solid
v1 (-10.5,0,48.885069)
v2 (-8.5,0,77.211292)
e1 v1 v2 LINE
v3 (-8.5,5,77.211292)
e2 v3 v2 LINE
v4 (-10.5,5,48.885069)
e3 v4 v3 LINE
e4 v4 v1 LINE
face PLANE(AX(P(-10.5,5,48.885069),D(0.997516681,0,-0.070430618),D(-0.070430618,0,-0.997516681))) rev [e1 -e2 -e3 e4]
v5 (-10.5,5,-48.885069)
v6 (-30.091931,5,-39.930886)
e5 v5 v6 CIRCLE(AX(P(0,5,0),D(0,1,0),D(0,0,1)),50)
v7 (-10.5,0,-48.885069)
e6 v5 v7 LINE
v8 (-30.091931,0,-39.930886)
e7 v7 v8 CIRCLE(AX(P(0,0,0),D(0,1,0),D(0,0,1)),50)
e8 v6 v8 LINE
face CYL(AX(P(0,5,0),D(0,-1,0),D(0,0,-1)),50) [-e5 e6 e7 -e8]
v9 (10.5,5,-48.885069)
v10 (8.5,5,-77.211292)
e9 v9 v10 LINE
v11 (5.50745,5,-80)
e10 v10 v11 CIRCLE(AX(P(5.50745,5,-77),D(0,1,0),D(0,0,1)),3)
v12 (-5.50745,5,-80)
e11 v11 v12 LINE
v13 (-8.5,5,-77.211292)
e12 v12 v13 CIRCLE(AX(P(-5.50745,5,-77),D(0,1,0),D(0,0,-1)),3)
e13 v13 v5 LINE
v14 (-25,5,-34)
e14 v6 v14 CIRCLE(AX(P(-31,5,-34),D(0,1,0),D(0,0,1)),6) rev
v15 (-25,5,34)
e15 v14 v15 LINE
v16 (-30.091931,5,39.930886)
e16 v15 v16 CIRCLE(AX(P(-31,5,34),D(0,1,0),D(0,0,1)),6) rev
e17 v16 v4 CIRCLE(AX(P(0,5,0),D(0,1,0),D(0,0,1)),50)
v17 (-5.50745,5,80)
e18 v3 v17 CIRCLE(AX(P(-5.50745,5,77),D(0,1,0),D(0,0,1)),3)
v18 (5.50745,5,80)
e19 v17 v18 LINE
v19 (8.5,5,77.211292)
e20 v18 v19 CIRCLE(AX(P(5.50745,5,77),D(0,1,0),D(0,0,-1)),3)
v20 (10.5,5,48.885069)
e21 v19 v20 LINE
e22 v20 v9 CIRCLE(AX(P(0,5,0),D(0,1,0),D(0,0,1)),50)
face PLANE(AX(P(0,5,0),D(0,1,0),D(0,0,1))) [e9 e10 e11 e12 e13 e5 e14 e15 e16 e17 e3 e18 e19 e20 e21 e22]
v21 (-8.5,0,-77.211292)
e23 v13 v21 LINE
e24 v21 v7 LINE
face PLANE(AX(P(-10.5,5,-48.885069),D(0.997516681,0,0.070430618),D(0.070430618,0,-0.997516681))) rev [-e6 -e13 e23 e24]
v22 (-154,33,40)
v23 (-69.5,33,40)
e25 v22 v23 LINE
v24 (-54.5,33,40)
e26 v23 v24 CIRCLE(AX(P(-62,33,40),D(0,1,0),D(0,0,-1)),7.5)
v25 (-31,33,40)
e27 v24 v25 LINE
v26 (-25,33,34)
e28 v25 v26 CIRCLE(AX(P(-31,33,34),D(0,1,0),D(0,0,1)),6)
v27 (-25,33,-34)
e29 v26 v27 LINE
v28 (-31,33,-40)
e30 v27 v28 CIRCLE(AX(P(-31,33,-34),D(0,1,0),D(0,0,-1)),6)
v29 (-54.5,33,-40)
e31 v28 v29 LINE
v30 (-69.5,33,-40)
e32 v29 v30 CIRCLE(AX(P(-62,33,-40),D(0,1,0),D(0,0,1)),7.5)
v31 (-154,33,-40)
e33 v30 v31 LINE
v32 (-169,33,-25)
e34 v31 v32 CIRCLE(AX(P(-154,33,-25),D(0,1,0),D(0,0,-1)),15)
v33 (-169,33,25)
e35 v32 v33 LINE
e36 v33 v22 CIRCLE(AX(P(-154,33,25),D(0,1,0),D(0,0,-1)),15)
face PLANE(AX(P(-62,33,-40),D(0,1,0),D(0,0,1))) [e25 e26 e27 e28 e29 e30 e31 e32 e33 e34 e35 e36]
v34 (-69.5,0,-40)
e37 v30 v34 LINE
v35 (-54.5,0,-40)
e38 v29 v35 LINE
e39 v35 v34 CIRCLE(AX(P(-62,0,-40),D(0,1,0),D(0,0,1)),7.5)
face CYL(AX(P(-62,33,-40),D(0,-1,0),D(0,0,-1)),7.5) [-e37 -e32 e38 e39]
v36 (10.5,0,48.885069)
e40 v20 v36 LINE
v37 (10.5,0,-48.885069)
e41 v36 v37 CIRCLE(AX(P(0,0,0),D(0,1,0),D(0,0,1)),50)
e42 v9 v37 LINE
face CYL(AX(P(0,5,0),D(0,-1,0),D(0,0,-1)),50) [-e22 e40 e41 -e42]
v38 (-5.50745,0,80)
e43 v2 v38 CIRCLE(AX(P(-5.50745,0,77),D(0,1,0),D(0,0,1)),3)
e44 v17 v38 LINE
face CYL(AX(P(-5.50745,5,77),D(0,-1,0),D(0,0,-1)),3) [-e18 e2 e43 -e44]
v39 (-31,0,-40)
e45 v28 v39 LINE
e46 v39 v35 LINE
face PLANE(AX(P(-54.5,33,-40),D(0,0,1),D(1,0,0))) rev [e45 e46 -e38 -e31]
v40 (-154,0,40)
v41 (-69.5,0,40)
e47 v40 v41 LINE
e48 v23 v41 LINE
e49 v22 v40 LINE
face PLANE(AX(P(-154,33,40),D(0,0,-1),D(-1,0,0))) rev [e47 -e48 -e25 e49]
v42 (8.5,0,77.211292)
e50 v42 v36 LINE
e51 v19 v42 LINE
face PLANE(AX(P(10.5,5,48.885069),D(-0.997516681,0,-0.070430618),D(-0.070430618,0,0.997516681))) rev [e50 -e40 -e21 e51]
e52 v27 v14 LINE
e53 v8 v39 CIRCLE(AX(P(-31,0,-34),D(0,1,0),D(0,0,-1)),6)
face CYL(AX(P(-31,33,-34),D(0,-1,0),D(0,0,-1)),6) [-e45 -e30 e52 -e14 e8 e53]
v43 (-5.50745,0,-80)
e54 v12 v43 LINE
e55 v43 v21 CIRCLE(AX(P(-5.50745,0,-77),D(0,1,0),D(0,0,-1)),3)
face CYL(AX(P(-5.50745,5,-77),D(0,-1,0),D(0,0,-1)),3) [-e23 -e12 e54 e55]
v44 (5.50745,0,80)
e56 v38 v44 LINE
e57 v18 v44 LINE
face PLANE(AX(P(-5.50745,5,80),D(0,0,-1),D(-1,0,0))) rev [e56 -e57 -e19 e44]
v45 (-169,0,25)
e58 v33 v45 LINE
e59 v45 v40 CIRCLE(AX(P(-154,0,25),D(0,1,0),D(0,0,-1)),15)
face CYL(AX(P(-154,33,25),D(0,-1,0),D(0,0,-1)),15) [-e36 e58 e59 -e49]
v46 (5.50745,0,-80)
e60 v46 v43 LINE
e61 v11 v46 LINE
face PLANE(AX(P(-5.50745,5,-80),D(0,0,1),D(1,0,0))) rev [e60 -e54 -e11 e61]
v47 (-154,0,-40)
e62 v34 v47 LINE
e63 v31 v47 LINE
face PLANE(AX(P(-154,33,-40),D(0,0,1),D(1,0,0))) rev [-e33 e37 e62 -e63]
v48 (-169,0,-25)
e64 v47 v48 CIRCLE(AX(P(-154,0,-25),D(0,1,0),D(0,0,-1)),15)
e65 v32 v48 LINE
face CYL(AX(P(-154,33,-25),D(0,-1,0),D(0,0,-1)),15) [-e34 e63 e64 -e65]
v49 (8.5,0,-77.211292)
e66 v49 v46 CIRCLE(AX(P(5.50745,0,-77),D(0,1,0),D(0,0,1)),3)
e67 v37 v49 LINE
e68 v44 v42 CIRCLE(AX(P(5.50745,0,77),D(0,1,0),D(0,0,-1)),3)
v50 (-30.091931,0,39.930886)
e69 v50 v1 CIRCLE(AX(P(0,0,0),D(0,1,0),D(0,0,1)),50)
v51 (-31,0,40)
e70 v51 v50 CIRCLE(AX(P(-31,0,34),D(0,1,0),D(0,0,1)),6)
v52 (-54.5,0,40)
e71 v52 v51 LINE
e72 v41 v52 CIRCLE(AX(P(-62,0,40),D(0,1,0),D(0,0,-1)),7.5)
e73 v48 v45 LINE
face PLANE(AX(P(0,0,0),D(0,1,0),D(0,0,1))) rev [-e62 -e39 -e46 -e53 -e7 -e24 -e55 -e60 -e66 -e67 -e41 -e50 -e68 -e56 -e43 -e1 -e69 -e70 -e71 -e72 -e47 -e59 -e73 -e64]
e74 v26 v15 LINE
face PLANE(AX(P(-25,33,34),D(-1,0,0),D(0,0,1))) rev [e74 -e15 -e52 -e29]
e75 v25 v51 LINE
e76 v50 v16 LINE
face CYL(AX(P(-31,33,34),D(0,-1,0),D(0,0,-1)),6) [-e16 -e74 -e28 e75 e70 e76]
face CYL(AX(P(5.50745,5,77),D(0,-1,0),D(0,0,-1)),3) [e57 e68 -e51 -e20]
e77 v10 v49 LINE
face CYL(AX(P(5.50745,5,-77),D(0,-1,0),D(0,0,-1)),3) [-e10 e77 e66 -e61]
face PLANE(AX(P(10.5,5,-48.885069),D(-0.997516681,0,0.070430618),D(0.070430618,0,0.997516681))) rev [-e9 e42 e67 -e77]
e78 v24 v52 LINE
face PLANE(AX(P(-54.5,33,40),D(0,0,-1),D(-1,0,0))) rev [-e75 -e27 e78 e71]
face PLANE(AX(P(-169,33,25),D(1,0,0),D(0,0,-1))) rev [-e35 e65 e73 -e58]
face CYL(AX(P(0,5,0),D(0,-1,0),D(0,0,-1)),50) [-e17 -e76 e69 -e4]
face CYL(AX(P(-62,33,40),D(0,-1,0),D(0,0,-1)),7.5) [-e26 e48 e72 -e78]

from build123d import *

# Parameters (mm, degrees)
BOSS_EXTRUDE1_DEPTH = 5
BOSS_EXTRUDE2_DEPTH = 33


with BuildPart() as part:
    # Sketch1 → Boss-Extrude1 (new body)
    with BuildSketch(Plane(origin=(0, 0, 0), x_dir=(1, 0, 0), z_dir=(0, 1, 0))):
        with BuildLine():
            Line((-10.5, 48.885069295), (-8.5, 77.211291854))
            ThreePointArc((-8.5, 77.211291854), (-7.552703541, 79.194752328), (-5.507449958, 80))
            Line((-5.507449958, 80), (5.507449958, 80))
            ThreePointArc((5.507449958, 80), (7.552703541, 79.194752328), (8.5, 77.211291854))
            Line((8.5, 77.211291854), (10.5, 48.885069295))
            ThreePointArc((10.5, 48.885069295), (50, 0), (10.5, -48.885069295))
            Line((10.5, -48.885069295), (8.5, -77.211291854))
            ThreePointArc((8.5, -77.211291854), (7.552703541, -79.194752328), (5.507449958, -80))
            Line((5.507449958, -80), (-5.507449958, -80))
            ThreePointArc((-5.507449958, -80), (-7.552703541, -79.194752328), (-8.5, -77.211291854))
            Line((-8.5, -77.211291854), (-10.5, -48.885069295))
            ThreePointArc((-10.5, -48.885069295), (-50, 0), (-10.5, 48.885069295))
        make_face()
    extrude(amount=BOSS_EXTRUDE1_DEPTH)

    # Sketch2 → Boss-Extrude2 (add)
    with BuildSketch(Plane(origin=(0, 0, 0), x_dir=(1, 0, 0), z_dir=(0, 1, 0))):
        with BuildLine():
            Line((-154, -40), (-69.5, -40))
            ThreePointArc((-69.5, -40), (-62, -47.5), (-54.5, -40))
            Line((-54.5, -40), (-31, -40))
            ThreePointArc((-31, -40), (-26.757359313, -38.242640687), (-25, -34))
            Line((-25, -34), (-25, 34))
            ThreePointArc((-25, 34), (-26.757359313, 38.242640687), (-31, 40))
            Line((-31, 40), (-54.5, 40))
            ThreePointArc((-54.5, 40), (-62, 47.5), (-69.5, 40))
            Line((-69.5, 40), (-154, 40))
            ThreePointArc((-154, 40), (-164.606601718, 35.606601718), (-169, 25))
            Line((-169, 25), (-169, -25))
            ThreePointArc((-169, -25), (-164.606601718, -35.606601718), (-154, -40))
        make_face()
    extrude(amount=BOSS_EXTRUDE2_DEPTH)


solid = part.part
